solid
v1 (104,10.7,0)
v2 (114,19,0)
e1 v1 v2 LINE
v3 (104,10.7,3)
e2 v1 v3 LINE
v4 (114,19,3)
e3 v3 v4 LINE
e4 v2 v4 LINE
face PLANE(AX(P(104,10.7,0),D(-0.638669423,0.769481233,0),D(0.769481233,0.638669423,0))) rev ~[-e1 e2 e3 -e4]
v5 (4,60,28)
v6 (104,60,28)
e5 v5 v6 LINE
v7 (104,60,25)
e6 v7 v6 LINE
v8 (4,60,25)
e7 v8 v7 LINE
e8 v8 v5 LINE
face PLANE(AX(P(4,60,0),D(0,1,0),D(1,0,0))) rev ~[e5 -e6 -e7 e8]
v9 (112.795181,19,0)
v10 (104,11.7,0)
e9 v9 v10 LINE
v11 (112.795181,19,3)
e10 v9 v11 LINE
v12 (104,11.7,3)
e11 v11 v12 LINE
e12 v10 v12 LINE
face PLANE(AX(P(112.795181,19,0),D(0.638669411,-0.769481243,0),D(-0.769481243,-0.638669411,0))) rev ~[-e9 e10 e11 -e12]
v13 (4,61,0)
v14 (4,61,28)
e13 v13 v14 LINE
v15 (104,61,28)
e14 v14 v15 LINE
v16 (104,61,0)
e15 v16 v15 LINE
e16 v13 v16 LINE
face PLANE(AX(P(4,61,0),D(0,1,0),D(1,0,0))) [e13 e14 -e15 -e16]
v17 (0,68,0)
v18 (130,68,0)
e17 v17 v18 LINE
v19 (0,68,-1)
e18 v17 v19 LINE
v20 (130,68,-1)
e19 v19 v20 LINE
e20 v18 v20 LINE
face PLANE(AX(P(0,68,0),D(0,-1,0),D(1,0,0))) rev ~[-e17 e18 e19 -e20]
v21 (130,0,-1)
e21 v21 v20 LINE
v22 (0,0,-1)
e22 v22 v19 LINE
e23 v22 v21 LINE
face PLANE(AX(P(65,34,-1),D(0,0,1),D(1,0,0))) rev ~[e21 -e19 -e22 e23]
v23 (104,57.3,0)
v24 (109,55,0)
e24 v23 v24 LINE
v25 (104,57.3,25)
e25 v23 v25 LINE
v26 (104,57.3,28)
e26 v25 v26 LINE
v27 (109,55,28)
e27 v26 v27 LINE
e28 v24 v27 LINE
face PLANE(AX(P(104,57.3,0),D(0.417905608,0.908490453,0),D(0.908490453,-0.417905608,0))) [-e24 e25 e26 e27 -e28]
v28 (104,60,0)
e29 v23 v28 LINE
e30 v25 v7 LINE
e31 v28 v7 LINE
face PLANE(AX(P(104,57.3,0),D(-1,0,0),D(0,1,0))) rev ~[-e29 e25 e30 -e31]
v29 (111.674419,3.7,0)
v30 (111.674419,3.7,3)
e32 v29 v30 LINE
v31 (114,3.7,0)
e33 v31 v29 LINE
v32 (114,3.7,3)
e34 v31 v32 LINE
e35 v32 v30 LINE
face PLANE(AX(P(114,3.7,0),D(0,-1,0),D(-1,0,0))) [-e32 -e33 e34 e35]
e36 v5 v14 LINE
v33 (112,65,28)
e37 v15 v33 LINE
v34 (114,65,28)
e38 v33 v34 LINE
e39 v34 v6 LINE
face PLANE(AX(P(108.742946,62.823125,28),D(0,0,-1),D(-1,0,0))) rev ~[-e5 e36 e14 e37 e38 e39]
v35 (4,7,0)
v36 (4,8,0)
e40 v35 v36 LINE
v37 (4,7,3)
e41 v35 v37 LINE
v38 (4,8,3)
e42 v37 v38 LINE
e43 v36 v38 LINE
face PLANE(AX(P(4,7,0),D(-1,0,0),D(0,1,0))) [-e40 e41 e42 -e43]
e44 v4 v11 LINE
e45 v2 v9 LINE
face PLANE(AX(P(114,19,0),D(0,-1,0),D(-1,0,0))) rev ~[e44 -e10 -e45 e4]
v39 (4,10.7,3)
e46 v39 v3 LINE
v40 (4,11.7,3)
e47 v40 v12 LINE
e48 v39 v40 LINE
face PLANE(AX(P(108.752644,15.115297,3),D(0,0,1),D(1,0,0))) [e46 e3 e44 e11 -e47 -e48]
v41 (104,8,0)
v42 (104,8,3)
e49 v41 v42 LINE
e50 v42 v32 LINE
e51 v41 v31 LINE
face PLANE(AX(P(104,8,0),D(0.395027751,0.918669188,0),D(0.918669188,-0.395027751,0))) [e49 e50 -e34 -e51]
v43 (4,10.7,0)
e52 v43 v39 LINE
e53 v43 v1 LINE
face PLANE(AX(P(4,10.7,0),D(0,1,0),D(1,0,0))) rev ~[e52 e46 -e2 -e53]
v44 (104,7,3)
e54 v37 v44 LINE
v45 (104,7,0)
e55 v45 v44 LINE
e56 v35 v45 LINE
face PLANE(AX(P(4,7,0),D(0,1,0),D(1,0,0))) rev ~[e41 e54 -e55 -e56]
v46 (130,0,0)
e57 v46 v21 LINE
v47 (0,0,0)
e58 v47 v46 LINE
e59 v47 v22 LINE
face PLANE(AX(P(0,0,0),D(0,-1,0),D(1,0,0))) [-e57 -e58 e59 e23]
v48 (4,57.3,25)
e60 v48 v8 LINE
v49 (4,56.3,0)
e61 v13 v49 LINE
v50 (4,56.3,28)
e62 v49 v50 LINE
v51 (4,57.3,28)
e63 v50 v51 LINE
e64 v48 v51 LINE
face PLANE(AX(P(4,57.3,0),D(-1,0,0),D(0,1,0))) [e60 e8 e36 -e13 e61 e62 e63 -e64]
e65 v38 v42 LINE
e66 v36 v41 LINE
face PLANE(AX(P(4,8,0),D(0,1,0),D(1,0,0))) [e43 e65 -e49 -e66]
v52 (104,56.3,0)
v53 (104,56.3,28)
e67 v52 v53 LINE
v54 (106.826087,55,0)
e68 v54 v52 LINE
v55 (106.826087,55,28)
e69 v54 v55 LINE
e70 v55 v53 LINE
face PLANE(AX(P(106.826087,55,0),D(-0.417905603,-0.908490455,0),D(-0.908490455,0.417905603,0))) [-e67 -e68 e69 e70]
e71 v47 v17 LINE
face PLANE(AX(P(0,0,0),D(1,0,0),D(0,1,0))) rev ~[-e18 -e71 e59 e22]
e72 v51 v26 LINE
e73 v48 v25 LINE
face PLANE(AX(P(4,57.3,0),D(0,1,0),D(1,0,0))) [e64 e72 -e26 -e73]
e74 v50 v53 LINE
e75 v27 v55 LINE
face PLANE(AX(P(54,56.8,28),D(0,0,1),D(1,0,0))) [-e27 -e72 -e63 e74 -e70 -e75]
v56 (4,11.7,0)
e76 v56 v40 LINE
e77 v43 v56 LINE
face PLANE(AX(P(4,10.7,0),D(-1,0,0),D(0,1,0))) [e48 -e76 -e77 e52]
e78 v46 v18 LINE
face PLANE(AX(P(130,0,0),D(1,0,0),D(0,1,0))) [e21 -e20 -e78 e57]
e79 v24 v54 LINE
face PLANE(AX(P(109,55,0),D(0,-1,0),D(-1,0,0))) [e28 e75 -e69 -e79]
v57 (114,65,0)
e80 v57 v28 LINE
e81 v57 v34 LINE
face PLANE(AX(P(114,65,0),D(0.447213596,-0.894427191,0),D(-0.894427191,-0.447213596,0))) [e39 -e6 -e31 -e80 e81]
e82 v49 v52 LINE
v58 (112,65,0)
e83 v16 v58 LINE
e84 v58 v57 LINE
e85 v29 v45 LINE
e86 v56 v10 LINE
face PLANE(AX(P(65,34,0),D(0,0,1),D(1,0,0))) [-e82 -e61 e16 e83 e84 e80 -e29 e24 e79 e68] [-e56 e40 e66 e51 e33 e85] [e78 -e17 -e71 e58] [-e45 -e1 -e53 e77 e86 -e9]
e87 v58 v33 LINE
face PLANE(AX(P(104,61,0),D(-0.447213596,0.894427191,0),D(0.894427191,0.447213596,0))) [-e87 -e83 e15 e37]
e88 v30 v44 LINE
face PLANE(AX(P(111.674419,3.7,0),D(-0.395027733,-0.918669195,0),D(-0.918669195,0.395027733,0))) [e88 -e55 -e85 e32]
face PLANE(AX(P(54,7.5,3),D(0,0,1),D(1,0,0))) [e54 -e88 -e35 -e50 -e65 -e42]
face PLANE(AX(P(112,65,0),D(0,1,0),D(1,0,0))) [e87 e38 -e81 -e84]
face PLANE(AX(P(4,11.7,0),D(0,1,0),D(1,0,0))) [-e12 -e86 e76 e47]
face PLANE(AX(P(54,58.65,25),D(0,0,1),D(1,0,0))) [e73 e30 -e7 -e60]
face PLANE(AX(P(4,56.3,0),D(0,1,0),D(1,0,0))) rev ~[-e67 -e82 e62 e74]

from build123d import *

# Parameters (mm, degrees)
SKETCH_W     = 130
SKETCH_H     = 68
PAD_DEPTH    = 1
SKETCH001_W  = 100
SKETCH001_H  = 1
PAD001_DEPTH = 3
SKETCH002_W  = 100
SKETCH002_H  = 1
PAD002_DEPTH = 3
PAD003_DEPTH = 3
SKETCH004_W  = 100
SKETCH004_H  = 1
PAD004_DEPTH = 28
SKETCH005_W  = 100
SKETCH005_H  = 1
PAD005_DEPTH = 28
PAD006_DEPTH = 28
SKETCH007_W  = 100
SKETCH007_H  = 2.7
PAD007_DEPTH = 25


with BuildPart() as part:
    # Sketch → Pad (new body)
    with BuildSketch(Plane.XY):
        with Locations((65, 34)):
            Rectangle(SKETCH_W, SKETCH_H)
    extrude(amount=-PAD_DEPTH)

    # Sketch001 → Pad001 (join)
    with BuildSketch(Plane.XY):
        with Locations((54, 7.5)):
            Rectangle(SKETCH001_W, SKETCH001_H)
    extrude(amount=PAD001_DEPTH)

    # Sketch002 → Pad002 (join)
    with BuildSketch(Plane.XY):
        with Locations((54, 11.2)):
            Rectangle(SKETCH002_W, SKETCH002_H)
    extrude(amount=PAD002_DEPTH)

    # Sketch003 → Pad003 (join)
    with BuildSketch(Plane.XY):
        Polygon((104, 10.7), (114, 19), (112.795181, 19), (104, 11.7), align=None)
        Polygon((104, 8), (114, 3.7), (111.674419, 3.7), (104, 7), align=None)
    extrude(amount=PAD003_DEPTH)

    # Sketch004 → Pad004 (join)
    with BuildSketch(Plane.XY):
        with Locations((54, 56.8)):
            Rectangle(SKETCH004_W, SKETCH004_H)
    extrude(amount=PAD004_DEPTH)

    # Sketch005 → Pad005 (join)
    with BuildSketch(Plane.XY):
        with Locations((54, 60.5)):
            Rectangle(SKETCH005_W, SKETCH005_H)
    extrude(amount=PAD005_DEPTH)

    # Sketch006 → Pad006 (join)
    with BuildSketch(Plane.XY):
        Polygon((104, 61), (112, 65), (114, 65), (104, 60), align=None)
        Polygon((104, 57.3), (109, 55), (106.826087, 55), (104, 56.3), align=None)
    extrude(amount=PAD006_DEPTH)

    # Sketch007 → Pad007 (join)
    with BuildSketch(Plane.XY):
        with Locations((54, 58.65)):
            Rectangle(SKETCH007_W, SKETCH007_H)
    extrude(amount=PAD007_DEPTH)


solid = part.part
